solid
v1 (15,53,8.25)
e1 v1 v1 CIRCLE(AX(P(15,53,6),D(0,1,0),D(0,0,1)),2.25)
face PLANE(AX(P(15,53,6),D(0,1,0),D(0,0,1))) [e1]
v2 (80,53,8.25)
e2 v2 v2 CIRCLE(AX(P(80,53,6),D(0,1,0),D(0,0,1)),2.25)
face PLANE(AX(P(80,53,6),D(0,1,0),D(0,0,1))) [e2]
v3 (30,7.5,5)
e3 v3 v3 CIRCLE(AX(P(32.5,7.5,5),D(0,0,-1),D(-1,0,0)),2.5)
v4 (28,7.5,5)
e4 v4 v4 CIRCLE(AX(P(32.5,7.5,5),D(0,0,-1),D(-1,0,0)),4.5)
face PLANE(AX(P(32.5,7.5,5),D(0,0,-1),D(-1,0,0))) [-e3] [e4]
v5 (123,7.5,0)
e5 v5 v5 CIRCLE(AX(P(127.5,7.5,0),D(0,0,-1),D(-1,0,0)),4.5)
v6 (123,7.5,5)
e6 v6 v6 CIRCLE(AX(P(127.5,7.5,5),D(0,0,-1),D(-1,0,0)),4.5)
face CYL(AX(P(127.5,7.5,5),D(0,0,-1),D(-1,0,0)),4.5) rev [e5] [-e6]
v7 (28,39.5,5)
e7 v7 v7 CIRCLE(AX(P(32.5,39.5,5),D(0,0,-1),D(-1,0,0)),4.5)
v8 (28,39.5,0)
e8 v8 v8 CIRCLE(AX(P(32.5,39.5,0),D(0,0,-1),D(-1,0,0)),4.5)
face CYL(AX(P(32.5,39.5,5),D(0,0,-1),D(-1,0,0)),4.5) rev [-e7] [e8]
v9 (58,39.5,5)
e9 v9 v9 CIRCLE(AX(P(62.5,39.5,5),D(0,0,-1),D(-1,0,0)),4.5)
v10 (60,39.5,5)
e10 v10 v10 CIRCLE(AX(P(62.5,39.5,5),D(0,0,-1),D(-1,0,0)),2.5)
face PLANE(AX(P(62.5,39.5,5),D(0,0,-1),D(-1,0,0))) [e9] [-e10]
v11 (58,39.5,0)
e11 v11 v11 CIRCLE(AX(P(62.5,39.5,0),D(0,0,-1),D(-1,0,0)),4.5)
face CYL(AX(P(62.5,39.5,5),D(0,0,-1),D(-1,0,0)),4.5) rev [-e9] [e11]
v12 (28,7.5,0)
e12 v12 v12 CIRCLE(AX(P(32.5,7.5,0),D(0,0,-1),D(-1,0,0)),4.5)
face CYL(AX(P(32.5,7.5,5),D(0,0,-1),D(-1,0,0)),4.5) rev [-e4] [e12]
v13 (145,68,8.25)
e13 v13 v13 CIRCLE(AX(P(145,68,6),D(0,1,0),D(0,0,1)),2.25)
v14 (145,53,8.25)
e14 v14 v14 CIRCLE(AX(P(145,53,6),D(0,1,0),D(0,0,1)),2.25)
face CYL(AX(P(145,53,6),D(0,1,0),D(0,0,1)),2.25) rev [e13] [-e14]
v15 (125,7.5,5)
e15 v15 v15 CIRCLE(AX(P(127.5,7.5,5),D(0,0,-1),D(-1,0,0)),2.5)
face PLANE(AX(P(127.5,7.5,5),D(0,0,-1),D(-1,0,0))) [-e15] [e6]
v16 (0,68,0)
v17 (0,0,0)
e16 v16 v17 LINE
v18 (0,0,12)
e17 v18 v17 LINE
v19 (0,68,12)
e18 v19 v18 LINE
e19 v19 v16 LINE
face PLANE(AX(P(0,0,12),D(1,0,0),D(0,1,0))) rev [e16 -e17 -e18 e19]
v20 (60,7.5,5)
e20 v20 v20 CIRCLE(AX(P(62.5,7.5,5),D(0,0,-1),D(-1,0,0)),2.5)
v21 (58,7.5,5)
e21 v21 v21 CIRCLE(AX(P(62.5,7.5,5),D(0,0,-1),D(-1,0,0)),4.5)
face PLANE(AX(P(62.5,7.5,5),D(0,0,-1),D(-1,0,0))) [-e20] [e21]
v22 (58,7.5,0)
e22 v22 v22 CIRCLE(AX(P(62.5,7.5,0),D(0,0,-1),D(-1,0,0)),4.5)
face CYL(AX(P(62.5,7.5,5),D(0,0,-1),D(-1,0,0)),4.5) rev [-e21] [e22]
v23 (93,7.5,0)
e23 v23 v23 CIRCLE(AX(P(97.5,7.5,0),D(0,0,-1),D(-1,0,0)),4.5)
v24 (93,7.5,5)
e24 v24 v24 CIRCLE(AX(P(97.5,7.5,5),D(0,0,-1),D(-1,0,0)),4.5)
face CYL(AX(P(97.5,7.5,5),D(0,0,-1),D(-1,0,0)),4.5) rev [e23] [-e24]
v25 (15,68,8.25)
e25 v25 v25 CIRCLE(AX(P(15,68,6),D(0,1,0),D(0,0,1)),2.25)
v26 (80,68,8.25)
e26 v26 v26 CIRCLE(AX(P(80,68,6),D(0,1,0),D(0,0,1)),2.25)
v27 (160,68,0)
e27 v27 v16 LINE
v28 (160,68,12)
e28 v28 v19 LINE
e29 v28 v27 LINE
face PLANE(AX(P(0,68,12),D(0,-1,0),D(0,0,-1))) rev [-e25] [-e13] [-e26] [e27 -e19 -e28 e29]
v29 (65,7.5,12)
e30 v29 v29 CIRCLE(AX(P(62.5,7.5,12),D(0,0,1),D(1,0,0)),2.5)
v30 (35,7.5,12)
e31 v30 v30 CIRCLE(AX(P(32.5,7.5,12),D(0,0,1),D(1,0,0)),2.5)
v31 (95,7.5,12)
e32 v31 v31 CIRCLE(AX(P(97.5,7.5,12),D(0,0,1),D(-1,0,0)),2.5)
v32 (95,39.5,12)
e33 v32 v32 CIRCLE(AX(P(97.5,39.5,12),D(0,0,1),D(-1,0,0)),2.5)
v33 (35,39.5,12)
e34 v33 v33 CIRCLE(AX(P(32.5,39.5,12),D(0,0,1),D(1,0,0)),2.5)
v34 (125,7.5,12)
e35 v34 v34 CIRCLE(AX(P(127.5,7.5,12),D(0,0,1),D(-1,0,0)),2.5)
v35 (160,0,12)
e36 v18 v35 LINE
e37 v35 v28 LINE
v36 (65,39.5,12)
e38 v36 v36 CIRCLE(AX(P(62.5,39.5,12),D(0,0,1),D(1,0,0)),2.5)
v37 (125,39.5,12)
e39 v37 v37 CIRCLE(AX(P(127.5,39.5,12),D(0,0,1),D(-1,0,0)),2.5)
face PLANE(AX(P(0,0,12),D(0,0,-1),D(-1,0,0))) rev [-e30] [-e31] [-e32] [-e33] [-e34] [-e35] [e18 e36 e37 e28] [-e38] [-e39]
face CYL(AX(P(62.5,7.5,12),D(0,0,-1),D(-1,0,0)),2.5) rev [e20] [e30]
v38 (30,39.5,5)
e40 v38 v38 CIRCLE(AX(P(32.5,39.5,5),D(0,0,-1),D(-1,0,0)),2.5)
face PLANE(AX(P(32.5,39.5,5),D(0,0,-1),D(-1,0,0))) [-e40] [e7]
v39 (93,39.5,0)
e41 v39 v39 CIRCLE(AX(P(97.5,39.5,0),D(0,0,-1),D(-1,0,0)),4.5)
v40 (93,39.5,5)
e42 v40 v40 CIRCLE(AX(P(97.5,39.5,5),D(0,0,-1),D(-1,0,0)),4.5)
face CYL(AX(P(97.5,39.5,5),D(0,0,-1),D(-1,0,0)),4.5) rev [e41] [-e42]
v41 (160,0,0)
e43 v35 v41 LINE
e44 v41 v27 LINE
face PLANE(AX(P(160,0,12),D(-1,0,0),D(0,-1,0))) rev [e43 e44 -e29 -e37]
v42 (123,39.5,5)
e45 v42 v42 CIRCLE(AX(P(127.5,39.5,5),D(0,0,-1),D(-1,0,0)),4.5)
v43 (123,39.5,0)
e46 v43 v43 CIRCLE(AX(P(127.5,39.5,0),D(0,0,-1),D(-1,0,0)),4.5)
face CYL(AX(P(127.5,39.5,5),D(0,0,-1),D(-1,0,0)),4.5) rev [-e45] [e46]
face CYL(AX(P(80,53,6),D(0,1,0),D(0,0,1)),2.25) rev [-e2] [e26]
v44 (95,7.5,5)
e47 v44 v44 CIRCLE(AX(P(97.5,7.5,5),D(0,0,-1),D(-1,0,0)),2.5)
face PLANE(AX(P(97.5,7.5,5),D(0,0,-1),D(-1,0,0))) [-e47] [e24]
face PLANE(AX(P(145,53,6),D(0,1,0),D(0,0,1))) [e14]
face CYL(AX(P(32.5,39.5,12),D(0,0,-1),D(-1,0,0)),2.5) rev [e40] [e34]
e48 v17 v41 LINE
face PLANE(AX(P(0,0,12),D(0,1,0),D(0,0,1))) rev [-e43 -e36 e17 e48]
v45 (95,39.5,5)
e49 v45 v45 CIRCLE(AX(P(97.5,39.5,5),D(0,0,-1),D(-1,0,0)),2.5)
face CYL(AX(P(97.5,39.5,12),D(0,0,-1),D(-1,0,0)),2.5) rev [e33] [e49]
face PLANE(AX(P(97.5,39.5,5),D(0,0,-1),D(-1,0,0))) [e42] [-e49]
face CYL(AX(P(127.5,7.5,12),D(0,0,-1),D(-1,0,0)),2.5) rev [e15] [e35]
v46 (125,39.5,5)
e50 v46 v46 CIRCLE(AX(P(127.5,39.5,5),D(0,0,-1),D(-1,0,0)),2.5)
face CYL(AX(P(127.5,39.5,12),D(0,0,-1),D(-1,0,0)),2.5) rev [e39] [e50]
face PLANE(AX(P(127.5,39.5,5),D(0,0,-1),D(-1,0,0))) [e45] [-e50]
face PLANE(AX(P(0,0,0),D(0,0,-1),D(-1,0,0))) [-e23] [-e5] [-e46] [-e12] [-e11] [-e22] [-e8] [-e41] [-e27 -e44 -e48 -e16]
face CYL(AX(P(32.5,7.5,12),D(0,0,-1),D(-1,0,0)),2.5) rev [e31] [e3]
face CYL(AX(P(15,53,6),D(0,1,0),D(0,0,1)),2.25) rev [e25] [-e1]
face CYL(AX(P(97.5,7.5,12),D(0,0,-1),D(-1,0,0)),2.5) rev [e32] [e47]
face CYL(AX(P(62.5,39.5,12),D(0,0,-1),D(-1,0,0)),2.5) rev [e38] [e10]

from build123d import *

# Parameters (mm, degrees)
ESQUISSE1_W             = 160
ESQUISSE1_H             = 68
ESQUISSE1_R             = 2.5
BOSS_EXTRU_1_DEPTH      = 12
ESQUISSE2_R             = 2.25
ENL_V_MAT_EXTRU_1_DEPTH = 15
ESQUISSE3_R             = 4.5
ENL_V_MAT_EXTRU_2_DEPTH = 5


with BuildPart() as part:
    # Esquisse1 → Boss.-Extru.1 (new body)
    with BuildSketch(Plane.XY):
        with Locations((80, 34)):
            Rectangle(ESQUISSE1_W, ESQUISSE1_H)
        with Locations((62.5, 39.5)):
            Circle(ESQUISSE1_R, mode=Mode.SUBTRACT)
        with Locations((32.5, 39.5)):
            Circle(ESQUISSE1_R, mode=Mode.SUBTRACT)
        with Locations((32.5, 7.5)):
            Circle(ESQUISSE1_R, mode=Mode.SUBTRACT)
        with Locations((62.5, 7.5)):
            Circle(ESQUISSE1_R, mode=Mode.SUBTRACT)
        with Locations(Location((97.5, 7.5, 0), (0, 0, 180))):
            Circle(ESQUISSE1_R, mode=Mode.SUBTRACT)
        with Locations(Location((127.5, 7.5, 0), (0, 0, 180))):
            Circle(ESQUISSE1_R, mode=Mode.SUBTRACT)
        with Locations(Location((127.5, 39.5, 0), (0, 0, 180))):
            Circle(ESQUISSE1_R, mode=Mode.SUBTRACT)
        with Locations(Location((97.5, 39.5, 0), (0, 0, 180))):
            Circle(ESQUISSE1_R, mode=Mode.SUBTRACT)
    extrude(amount=BOSS_EXTRU_1_DEPTH)

    # Esquisse2 → Enlèv. mat.-Extru.1 (cut)
    with BuildSketch(Plane(origin=(0, 68, 0), x_dir=(1, 0, 0), z_dir=(0, 1, 0))):
        with Locations(Location((15, -6, 0), (0, 0, 270))):
            Circle(ESQUISSE2_R)
        with Locations(Location((80, -6, 0), (0, 0, 270))):
            Circle(ESQUISSE2_R)
        with Locations(Location((145, -6, 0), (0, 0, 270))):
            Circle(ESQUISSE2_R)
    extrude(amount=-ENL_V_MAT_EXTRU_1_DEPTH, mode=Mode.SUBTRACT)

    # Esquisse3 → Enlèv. mat.-Extru.2 (cut)
    with BuildSketch(Plane(origin=(0, 0, 0), x_dir=(-1, 0, 0), z_dir=(0, 0, -1))):
        with Locations((-127.5, 39.5)):
            Circle(ESQUISSE3_R)
        with Locations((-127.5, 7.5)):
            Circle(ESQUISSE3_R)
        with Locations((-97.5, 39.5)):
            Circle(ESQUISSE3_R)
        with Locations((-62.5, 39.5)):
            Circle(ESQUISSE3_R)
        with Locations((-97.5, 7.5)):
            Circle(ESQUISSE3_R)
        with Locations((-62.5, 7.5)):
            Circle(ESQUISSE3_R)
        with Locations((-32.5, 7.5)):
            Circle(ESQUISSE3_R)
        with Locations((-32.5, 39.5)):
            Circle(ESQUISSE3_R)
    extrude(amount=-ENL_V_MAT_EXTRU_2_DEPTH, mode=Mode.SUBTRACT)


solid = part.part
